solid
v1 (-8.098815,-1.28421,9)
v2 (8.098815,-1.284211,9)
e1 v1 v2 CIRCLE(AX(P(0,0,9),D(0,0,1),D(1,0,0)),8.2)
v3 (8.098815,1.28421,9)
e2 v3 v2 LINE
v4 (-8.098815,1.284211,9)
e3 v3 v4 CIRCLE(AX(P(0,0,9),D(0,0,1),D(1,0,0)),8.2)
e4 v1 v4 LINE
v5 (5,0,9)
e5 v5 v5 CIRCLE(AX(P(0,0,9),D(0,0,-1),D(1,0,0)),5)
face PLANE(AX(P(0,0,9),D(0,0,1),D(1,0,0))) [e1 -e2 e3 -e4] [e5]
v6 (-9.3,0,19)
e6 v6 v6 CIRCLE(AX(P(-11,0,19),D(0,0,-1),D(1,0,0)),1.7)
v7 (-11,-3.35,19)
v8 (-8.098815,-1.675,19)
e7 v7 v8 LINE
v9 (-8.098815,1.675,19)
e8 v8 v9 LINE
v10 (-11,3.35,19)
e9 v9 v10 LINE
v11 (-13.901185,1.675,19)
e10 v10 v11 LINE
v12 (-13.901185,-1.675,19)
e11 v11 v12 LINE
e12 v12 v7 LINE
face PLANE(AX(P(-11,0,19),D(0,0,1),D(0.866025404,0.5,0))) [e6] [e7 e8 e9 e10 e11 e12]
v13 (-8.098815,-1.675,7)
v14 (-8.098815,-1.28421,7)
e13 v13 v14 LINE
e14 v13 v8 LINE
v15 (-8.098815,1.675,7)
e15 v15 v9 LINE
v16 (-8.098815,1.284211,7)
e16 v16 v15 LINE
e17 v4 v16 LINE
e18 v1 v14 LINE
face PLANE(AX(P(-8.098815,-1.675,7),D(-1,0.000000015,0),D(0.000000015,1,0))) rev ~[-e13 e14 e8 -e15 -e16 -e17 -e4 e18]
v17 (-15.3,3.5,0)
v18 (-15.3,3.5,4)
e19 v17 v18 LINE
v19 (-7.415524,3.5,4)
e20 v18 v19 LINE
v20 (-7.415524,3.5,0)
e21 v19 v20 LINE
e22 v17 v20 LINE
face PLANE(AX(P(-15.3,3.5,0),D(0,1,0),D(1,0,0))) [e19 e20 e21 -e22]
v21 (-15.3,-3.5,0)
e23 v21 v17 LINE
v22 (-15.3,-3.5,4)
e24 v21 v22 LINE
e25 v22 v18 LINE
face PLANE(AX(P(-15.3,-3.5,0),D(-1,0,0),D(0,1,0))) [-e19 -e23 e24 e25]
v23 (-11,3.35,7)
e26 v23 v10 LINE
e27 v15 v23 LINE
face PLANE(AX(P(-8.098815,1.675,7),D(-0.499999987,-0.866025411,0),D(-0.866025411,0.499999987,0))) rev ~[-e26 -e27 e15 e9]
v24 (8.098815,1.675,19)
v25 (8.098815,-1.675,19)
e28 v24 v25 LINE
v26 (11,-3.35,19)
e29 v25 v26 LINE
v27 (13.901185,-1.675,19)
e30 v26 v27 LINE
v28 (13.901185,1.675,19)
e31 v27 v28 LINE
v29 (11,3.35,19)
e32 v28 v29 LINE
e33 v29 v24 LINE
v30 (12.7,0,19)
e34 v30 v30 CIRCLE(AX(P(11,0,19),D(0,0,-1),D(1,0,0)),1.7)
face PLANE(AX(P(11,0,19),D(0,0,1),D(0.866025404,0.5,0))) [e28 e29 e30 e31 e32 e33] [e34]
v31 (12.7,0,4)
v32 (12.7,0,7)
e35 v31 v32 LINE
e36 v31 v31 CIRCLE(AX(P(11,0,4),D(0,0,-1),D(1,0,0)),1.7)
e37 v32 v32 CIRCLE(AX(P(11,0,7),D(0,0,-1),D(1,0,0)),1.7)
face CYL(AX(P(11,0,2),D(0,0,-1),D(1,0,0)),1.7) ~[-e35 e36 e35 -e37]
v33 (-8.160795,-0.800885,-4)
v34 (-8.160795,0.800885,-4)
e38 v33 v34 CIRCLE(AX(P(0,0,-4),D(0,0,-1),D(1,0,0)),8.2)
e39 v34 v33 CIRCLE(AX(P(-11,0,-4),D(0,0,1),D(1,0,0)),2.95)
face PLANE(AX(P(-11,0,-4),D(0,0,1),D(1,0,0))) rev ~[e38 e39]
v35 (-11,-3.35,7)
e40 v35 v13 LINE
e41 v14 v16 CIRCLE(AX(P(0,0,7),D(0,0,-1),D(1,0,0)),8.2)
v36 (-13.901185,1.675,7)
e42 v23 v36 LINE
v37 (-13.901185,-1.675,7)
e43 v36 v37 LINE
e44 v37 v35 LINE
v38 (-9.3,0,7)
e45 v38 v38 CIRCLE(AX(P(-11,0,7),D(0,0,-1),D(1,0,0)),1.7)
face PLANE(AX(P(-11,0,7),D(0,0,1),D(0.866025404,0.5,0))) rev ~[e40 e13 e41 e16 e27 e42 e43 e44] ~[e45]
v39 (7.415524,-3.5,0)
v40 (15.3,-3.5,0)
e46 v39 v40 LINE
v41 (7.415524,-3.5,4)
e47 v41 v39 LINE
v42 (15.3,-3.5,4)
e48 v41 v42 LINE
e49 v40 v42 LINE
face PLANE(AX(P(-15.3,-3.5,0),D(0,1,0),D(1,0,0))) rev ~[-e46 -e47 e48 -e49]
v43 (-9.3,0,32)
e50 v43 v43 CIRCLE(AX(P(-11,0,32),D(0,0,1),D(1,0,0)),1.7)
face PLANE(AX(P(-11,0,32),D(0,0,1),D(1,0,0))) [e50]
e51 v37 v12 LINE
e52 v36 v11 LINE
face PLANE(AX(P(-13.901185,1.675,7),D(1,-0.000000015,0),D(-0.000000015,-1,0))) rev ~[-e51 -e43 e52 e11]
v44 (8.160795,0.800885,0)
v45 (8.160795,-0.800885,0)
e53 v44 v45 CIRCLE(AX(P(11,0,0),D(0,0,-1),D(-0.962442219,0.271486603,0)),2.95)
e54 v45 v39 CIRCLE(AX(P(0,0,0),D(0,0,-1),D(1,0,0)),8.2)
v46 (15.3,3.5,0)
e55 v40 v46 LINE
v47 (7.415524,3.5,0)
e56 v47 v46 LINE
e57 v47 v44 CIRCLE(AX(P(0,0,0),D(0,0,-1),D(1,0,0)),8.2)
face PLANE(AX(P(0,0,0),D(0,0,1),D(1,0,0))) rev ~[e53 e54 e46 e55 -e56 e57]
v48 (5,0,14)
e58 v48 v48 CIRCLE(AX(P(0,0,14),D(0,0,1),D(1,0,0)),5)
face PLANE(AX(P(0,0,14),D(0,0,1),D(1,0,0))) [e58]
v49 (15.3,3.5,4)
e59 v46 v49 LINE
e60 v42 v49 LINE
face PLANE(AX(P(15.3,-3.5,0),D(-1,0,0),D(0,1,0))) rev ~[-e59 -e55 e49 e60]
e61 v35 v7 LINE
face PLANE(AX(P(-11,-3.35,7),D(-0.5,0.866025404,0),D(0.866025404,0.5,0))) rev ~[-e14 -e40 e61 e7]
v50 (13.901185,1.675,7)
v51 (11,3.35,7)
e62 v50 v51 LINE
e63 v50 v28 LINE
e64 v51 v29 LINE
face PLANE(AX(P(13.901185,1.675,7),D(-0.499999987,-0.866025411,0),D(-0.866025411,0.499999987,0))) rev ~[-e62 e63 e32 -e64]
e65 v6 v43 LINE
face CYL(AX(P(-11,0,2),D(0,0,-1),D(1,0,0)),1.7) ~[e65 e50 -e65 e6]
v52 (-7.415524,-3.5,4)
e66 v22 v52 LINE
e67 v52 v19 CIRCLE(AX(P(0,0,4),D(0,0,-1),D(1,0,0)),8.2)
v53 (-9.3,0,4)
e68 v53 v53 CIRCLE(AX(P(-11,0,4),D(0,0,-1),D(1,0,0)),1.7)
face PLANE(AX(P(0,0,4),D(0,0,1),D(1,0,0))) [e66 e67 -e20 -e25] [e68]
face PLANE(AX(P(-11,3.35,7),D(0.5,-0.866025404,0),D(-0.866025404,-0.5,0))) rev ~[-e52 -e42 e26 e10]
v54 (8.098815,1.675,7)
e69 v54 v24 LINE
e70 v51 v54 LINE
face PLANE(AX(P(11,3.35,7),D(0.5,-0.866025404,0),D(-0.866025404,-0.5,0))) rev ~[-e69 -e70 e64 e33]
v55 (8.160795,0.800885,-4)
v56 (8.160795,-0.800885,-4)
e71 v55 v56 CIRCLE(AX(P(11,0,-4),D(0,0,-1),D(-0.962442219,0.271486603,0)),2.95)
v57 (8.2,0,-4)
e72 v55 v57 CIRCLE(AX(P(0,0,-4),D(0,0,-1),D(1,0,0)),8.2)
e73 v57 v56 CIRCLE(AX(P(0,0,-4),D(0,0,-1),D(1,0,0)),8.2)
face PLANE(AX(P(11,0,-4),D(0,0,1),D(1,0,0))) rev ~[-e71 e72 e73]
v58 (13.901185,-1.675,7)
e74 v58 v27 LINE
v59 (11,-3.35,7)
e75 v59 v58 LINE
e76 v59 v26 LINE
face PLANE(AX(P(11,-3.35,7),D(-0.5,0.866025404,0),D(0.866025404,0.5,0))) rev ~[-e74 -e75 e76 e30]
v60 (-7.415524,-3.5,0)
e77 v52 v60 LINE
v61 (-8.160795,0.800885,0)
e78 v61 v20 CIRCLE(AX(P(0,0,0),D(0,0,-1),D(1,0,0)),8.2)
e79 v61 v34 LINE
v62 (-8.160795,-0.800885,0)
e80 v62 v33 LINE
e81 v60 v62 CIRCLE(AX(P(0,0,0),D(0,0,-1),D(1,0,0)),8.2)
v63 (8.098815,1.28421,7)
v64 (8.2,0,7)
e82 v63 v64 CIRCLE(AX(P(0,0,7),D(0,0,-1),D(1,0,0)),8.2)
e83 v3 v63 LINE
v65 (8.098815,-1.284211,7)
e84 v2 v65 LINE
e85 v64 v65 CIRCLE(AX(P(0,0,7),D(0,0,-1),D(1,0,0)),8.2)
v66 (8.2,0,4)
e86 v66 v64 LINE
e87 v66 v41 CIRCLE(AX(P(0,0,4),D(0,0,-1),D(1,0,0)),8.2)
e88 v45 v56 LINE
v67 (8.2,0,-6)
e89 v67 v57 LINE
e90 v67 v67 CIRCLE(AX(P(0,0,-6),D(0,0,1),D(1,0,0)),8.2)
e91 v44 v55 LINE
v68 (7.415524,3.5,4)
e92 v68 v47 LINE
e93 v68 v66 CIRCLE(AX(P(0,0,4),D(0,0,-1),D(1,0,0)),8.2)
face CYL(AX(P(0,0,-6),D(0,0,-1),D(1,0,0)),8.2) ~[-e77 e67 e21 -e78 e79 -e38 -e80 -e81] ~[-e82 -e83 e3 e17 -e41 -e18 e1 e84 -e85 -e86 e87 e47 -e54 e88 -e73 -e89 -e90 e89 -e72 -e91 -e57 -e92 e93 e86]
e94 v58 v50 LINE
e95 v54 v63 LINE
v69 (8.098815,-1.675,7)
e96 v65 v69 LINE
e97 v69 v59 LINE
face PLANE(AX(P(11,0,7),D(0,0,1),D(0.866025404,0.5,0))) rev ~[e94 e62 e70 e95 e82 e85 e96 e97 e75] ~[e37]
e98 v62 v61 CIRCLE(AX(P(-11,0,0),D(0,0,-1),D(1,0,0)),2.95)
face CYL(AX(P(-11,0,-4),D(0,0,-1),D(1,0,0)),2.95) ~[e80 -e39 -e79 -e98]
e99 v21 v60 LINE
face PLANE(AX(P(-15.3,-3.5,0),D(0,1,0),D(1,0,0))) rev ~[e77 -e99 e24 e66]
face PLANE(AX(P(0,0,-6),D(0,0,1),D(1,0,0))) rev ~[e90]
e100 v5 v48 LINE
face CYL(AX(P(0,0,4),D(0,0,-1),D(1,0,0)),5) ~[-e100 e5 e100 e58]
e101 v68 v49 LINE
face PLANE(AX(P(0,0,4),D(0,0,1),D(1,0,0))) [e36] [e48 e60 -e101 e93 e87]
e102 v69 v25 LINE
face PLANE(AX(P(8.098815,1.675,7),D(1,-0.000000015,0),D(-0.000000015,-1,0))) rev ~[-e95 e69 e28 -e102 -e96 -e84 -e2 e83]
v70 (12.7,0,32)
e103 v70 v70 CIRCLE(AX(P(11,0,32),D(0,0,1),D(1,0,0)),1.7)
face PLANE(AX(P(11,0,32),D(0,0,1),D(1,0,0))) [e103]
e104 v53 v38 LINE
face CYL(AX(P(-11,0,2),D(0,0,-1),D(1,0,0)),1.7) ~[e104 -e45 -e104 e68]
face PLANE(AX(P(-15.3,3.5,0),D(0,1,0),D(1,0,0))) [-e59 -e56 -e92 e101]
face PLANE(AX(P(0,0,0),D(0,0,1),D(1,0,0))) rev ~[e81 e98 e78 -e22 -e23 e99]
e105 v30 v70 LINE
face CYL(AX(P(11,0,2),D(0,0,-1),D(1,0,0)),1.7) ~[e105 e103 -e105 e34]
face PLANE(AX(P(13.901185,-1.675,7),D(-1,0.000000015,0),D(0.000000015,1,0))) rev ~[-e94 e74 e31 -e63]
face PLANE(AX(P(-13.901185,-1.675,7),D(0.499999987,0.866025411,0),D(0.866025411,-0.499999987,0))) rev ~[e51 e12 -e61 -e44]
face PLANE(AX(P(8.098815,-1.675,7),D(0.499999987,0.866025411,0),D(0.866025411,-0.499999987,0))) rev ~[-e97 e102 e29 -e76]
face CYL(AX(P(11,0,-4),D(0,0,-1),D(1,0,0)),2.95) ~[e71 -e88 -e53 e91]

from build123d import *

# Parameters (mm, degrees)
PRISM_DEPTH              = 12
CLONE139_PLACEMENT_ANGLE = 30
BOX251_W                 = 30.6
BOX251_H                 = 7
BOX251_DEPTH             = 4
CYLINDER_R               = 2.95
CYLINDER_DEPTH           = 7
CYLINDER001_R            = 1.7
CYLINDER001_DEPTH        = 30
CYLINDER1015_R           = 5
CYLINDER1015_DEPTH       = 10
CYLINDER1003_R           = 8.2
CYLINDER1003_DEPTH       = 15
CLONE140_PLACEMENT_ANGLE = 30


with BuildPart() as m3nut:
    # Prism → Prism (new body)
    with BuildSketch(Plane.XY):
        Polygon((3.35, 0), (1.675, 2.901185), (-1.675, 2.901185), (-3.35, 0), (-1.675, -2.901185), (1.675, -2.901185), align=None)
    extrude(amount=PRISM_DEPTH)


with BuildPart() as clone_of_m3nut005:
    # Clone139 base: copy of M3Nut
    add(m3nut.part)


with BuildPart() as clone_of_m3nut005_1:
    # Clone139 placement: moved
    add(clone_of_m3nut005.part.moved(Location((11, 0, 7))).rotate(Axis((11, 0, 7), (0, 0, 1)), CLONE139_PLACEMENT_ANGLE))


with BuildPart() as cube015:
    # Box251 → Box251 (new body)
    with BuildSketch(Plane(origin=(-15.3, -3.5, 0), x_dir=(1, 0, 0), z_dir=(0, 0, 1))):
        with Locations((15.3, 3.5)):
            Rectangle(BOX251_W, BOX251_H)
    extrude(amount=BOX251_DEPTH)


with BuildPart() as m3bolthead:
    # Cylinder → Cylinder (new body)
    with BuildSketch(Plane.XY):
        Circle(CYLINDER_R)
    extrude(amount=CYLINDER_DEPTH)


with BuildPart() as m3bolt:
    # Cylinder001 → Cylinder001 (new body)
    with BuildSketch(Plane.XY.offset(6)):
        Circle(CYLINDER001_R)
    extrude(amount=CYLINDER001_DEPTH)

    # Fusion: union M3BoltHead
    add(m3bolthead.part)


with BuildPart() as clone_of_m3bolt039:
    # Clone137 base: copy of M3Bolt
    add(m3bolt.part)


with BuildPart() as clone_of_m3bolt039_1:
    # Clone137 placement: moved
    add(clone_of_m3bolt039.part.moved(Location((11, 0, -4))))


with BuildPart() as clone_of_m3bolt040:
    # Clone138 base: copy of M3Bolt
    add(m3bolt.part)


with BuildPart() as clone_of_m3bolt040_1:
    # Clone138 placement: moved
    add(clone_of_m3bolt040.part.moved(Location((-11, 0, -4))))


with BuildPart() as cylinder021:
    # Cylinder1015 → Cylinder1015 (new body)
    with BuildSketch(Plane.XY.offset(4)):
        Circle(CYLINDER1015_R)
    extrude(amount=CYLINDER1015_DEPTH)


with BuildPart() as clone_of_bearing625zzmaster:
    # Cylinder1003 → Cylinder1003 (new body)
    with BuildSketch(Plane.XY):
        Circle(CYLINDER1003_R)
    extrude(amount=CYLINDER1003_DEPTH)


with BuildPart() as clone_of_bearing625zzmaster_1:
    # Clone136 placement: moved
    add(clone_of_bearing625zzmaster.part.moved(Location((0, 0, -6))))


with BuildPart() as bearing625zzholes:
    # Clone140 base: copy of M3Nut
    add(m3nut.part)


with BuildPart() as bearing625zzholes_1:
    # Clone140 placement: moved
    add(bearing625zzholes.part.moved(Location((-11, 0, 7))).rotate(Axis((-11, 0, 7), (0, 0, 1)), CLONE140_PLACEMENT_ANGLE))

    # Fusion062: union Clone of M3Nut005, Cube015, Clone of M3Bolt039, Clone of M3Bolt040, Cylinder021, Clone of Bearing625ZZMaster
    add(clone_of_m3nut005_1.part)
    add(cube015.part)
    add(clone_of_m3bolt039_1.part)
    add(clone_of_m3bolt040_1.part)
    add(cylinder021.part)
    add(clone_of_bearing625zzmaster_1.part)


solid = bearing625zzholes_1.part
